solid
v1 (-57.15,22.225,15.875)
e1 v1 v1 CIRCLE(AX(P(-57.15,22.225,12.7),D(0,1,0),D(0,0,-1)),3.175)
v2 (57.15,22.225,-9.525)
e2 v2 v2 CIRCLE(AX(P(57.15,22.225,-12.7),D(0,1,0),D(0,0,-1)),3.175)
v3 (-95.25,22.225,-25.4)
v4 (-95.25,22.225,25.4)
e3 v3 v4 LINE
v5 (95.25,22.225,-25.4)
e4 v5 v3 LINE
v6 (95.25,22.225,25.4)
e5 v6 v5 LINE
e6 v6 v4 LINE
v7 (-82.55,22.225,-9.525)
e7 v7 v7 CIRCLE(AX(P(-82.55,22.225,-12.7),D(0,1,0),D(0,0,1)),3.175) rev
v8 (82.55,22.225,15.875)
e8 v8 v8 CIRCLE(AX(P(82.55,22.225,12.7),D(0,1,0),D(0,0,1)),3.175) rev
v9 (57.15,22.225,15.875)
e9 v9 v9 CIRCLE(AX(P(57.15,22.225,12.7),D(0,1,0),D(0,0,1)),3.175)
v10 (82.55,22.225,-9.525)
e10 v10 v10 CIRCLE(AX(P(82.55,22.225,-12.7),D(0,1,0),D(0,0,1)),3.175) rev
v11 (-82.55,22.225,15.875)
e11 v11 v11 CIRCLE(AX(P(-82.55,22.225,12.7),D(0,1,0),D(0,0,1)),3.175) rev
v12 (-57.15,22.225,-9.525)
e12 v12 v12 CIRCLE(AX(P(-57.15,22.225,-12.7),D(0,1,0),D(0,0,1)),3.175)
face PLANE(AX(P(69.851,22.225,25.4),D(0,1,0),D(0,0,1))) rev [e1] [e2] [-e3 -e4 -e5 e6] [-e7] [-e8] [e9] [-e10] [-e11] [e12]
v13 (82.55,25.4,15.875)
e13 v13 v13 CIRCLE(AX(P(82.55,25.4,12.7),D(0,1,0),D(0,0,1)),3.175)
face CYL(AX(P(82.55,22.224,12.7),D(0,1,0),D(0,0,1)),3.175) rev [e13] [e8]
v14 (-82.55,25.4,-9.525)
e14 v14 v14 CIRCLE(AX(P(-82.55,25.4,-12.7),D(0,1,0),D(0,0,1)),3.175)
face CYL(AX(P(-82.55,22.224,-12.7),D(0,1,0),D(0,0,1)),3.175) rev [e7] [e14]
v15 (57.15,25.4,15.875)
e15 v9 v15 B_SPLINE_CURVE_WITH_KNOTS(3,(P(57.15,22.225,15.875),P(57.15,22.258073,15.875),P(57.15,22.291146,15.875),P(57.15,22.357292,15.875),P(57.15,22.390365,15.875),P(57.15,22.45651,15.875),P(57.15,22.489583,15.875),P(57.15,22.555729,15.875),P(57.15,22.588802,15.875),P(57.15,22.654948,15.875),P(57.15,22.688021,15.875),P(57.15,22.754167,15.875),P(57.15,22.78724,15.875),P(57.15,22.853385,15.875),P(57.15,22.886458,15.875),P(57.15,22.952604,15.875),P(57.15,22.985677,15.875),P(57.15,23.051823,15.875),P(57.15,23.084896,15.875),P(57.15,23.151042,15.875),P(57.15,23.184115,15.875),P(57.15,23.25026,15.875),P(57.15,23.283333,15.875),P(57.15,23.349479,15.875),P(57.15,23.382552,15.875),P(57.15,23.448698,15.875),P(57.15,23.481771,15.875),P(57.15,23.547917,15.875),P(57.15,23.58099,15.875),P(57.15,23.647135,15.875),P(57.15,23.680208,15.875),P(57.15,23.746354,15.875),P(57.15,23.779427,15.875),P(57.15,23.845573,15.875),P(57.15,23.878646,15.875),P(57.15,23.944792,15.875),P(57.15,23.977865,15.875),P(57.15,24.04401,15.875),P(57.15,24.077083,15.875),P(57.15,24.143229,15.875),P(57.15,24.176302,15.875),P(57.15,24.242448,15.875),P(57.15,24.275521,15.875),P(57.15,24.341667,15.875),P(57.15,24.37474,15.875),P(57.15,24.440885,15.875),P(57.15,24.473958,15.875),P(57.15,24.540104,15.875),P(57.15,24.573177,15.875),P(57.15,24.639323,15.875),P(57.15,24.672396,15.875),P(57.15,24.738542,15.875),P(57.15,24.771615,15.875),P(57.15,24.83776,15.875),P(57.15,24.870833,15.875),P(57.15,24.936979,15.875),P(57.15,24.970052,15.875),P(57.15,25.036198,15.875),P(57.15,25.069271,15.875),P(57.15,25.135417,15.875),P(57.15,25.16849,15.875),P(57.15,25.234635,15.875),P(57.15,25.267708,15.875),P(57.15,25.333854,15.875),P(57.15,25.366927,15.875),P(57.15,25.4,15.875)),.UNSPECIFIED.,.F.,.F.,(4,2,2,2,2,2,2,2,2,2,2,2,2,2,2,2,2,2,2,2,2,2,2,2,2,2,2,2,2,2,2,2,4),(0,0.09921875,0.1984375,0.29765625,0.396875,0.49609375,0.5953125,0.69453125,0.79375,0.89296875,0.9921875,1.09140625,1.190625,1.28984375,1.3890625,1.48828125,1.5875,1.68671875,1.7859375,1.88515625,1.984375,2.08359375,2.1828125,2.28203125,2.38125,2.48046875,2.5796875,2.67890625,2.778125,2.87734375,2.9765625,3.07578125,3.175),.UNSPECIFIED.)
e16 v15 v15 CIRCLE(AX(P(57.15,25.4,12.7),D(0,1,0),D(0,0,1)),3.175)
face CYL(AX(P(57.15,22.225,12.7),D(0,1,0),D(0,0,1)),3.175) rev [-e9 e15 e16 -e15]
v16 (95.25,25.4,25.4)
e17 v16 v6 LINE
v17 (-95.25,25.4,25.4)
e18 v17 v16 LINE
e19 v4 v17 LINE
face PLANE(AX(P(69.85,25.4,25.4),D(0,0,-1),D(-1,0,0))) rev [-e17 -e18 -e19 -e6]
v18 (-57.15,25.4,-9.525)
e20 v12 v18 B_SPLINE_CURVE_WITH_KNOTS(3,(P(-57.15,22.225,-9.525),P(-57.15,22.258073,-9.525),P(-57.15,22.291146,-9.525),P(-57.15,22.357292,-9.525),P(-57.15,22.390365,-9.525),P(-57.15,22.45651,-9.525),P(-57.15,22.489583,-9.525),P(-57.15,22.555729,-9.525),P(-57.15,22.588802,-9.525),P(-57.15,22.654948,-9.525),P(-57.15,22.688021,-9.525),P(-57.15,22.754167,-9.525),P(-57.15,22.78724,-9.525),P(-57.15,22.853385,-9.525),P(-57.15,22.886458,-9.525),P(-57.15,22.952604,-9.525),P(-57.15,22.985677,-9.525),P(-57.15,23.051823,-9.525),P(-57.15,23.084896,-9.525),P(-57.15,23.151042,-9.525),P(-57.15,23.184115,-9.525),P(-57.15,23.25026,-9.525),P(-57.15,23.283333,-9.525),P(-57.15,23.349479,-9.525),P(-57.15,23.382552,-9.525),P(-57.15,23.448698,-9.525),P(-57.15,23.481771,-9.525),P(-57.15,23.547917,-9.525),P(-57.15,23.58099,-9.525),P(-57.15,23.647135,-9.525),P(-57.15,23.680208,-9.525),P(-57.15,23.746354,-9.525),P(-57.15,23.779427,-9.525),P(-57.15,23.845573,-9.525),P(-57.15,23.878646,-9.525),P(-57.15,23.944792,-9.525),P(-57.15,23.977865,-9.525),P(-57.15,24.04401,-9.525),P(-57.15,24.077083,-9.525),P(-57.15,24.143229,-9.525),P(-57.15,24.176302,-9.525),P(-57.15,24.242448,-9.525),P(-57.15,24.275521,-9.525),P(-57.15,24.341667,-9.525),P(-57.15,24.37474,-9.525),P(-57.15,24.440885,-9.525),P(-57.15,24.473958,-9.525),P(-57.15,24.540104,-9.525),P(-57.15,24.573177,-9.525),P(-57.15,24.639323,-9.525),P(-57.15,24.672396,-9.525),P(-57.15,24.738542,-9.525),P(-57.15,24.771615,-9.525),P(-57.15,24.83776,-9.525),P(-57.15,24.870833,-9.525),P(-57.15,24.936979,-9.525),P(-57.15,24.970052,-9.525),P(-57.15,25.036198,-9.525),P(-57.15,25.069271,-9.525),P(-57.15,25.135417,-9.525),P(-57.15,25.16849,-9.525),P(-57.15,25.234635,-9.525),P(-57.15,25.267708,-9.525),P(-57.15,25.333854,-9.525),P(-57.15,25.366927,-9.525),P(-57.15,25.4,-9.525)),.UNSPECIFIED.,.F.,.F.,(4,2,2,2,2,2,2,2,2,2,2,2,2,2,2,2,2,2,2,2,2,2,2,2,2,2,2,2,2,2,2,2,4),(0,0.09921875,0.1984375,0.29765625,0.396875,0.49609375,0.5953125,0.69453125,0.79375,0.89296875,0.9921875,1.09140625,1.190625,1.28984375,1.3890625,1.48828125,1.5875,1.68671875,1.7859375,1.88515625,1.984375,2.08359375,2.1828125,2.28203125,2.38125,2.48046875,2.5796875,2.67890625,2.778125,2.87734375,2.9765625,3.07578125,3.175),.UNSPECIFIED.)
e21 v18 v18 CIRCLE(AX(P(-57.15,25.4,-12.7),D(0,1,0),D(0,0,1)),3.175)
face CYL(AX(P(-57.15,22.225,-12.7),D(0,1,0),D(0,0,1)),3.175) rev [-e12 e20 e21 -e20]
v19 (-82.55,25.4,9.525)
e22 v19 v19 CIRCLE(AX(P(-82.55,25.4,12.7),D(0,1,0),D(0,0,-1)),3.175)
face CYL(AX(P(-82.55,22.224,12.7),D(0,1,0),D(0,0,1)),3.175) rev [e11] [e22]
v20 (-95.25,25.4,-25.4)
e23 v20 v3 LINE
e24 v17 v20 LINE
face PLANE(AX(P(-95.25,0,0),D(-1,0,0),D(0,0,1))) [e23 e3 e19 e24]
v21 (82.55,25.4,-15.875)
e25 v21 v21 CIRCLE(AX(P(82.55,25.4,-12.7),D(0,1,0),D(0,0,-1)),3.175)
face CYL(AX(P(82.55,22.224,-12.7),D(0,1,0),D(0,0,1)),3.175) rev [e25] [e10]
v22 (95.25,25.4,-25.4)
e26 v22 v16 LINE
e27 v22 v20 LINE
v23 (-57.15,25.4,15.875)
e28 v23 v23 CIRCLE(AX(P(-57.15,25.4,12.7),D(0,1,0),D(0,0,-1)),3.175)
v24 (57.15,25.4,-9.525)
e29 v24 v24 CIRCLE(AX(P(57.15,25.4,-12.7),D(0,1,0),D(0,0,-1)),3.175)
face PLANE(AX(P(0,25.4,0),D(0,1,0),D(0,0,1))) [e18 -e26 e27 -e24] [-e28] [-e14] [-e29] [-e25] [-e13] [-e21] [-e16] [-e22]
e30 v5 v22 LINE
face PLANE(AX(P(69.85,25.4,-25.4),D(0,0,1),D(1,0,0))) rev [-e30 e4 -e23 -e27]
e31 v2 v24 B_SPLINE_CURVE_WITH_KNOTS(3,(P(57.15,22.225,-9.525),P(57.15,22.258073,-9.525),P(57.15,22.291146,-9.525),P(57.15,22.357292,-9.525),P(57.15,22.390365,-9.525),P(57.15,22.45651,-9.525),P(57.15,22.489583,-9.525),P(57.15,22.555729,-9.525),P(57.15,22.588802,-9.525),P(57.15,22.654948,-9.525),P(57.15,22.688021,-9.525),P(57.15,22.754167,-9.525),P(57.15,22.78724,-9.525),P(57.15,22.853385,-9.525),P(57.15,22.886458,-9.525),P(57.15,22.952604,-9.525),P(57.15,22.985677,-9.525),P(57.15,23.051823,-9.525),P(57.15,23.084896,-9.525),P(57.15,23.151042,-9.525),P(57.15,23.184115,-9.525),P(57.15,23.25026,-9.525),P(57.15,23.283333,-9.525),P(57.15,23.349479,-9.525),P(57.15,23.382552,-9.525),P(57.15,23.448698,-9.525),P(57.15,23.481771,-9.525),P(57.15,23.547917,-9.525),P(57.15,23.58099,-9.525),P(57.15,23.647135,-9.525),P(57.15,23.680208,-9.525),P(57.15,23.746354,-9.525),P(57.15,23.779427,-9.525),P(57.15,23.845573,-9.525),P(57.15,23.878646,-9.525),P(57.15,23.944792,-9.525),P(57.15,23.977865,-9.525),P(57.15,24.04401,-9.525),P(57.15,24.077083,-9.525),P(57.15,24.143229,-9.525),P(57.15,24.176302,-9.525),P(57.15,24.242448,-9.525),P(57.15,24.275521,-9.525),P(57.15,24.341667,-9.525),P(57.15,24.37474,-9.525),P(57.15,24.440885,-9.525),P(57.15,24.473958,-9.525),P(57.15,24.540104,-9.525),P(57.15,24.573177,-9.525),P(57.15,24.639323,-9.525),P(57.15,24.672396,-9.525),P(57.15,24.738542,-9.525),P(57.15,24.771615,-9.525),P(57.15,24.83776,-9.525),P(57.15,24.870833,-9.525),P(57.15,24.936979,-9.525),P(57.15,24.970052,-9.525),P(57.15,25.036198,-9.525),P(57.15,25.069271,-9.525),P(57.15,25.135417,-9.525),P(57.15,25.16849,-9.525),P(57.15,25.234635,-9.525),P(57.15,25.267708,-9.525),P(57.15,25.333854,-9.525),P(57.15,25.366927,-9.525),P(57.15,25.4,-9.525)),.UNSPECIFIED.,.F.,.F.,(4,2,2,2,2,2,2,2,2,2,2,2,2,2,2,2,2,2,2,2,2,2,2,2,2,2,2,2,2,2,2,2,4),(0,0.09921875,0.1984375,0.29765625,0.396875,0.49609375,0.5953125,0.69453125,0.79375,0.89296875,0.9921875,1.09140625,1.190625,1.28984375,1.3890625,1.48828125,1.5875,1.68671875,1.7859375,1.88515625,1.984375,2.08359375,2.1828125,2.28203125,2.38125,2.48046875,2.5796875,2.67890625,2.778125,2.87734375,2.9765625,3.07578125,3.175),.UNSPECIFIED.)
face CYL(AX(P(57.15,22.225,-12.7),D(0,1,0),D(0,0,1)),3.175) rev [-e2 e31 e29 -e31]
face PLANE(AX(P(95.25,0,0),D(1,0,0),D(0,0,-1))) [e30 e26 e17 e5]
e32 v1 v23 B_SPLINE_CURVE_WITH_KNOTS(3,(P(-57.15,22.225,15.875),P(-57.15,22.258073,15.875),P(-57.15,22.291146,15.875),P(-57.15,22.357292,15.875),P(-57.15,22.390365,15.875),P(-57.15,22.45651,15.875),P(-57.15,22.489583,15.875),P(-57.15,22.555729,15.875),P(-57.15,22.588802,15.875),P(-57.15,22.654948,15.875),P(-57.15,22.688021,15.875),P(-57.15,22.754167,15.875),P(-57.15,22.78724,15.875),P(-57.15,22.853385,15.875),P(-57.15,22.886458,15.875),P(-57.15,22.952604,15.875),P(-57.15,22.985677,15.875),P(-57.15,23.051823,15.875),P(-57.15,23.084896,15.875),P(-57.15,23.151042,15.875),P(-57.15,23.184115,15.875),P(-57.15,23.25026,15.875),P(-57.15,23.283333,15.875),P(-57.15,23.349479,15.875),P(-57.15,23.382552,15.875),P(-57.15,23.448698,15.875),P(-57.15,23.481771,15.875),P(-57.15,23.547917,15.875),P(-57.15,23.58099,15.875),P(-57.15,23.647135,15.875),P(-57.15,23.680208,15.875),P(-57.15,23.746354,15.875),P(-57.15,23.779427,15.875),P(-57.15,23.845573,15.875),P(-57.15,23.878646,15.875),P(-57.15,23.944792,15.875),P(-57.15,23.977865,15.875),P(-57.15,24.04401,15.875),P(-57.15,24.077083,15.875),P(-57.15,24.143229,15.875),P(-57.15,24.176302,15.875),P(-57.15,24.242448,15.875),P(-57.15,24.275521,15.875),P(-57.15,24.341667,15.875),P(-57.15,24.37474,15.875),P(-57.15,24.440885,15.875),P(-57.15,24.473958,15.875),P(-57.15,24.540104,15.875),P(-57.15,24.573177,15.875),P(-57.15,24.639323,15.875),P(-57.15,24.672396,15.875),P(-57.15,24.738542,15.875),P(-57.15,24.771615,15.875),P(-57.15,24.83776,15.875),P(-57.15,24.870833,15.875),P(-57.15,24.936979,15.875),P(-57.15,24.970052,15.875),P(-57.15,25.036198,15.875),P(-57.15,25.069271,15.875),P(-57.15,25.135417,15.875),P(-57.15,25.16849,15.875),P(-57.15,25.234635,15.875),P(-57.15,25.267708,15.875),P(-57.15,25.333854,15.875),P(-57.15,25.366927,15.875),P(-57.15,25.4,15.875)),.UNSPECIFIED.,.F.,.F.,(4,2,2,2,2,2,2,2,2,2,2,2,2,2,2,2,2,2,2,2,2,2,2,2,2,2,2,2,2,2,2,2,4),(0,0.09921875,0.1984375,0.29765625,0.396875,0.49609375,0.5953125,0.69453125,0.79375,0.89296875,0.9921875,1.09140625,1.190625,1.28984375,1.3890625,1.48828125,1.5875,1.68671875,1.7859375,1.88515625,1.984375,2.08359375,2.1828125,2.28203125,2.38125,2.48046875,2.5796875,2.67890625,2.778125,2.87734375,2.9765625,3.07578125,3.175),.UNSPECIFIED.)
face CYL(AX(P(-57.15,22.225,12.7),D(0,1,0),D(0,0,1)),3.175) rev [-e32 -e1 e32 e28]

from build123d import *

# Parameters (mm, degrees)
SKETCH1_W           = 139.7
SKETCH1_H           = 50.8
BOSS_EXTRUDE1_DEPTH = 25.4
CUT_EXTRUDE1_REACH  = 146.244
SKETCH2_W           = 50.8
SKETCH2_H           = 22.225
SKETCH3_R           = 3.175
CUT_EXTRUDE2_DEPTH  = 75.392628163
SKETCH5_W           = 50.8
SKETCH5_H           = 3.175
BOSS_EXTRUDE2_DEPTH = 25.4
SKETCH7_W           = 50.8
SKETCH7_H           = 3.175
BOSS_EXTRUDE3_DEPTH = 25.4
CUT_EXTRUDE3_REACH  = 100.63
SKETCH8_R           = 3.175


with BuildPart() as part:
    # Sketch1 → Boss-Extrude1 (new body)
    with BuildSketch(Plane(origin=(0, 0, 0), x_dir=(1, 0, 0), z_dir=(0, 1, 0))):
        Rectangle(SKETCH1_W, SKETCH1_H)
    extrude(amount=BOSS_EXTRUDE1_DEPTH)

    # Sketch2 → Cut-Extrude1 (cut, up to next)
    with BuildSketch(Plane.ZY.offset(69.85), mode=Mode.PRIVATE) as cut_extrude1_sk1:
        with Locations((0, 11.1125)):
            Rectangle(SKETCH2_W, SKETCH2_H)
    cut_extrude1_tool1 = extrude(cut_extrude1_sk1.sketch, amount=-CUT_EXTRUDE1_REACH, mode=Mode.PRIVATE) & part.part
    add(cut_extrude1_tool1.solids().sort_by_distance((-69.85, 11.1125, 0))[0], mode=Mode.SUBTRACT)

    # Sketch3 → Cut-Extrude2 (cut, through all)
    with BuildSketch(Plane(origin=(0, 25.4, 0), x_dir=(1, 0, 0), z_dir=(0, 1, 0))):
        with Locations(Location((-57.15, 12.7, 0), (0, 0, 270))):
            Circle(SKETCH3_R)
        with Locations(Location((-57.15, -12.7, 0), (0, 0, 270))):
            Circle(SKETCH3_R)
        with Locations(Location((57.15, -12.7, 0), (0, 0, 270))):
            Circle(SKETCH3_R)
        with Locations(Location((57.15, 12.7, 0), (0, 0, 270))):
            Circle(SKETCH3_R)
    extrude(amount=-CUT_EXTRUDE2_DEPTH, mode=Mode.SUBTRACT)

    # Sketch5 → Boss-Extrude2 (add)
    with BuildSketch(Plane.ZY.offset(69.85)):
        with Locations((0, 23.8125)):
            Rectangle(SKETCH5_W, SKETCH5_H)
    extrude(amount=BOSS_EXTRUDE2_DEPTH)

    # Sketch7 → Boss-Extrude3 (add)
    with BuildSketch(Plane(origin=(69.85, 0, 0), x_dir=(0, 0, -1), z_dir=(1, 0, 0))):
        with Locations((0, 23.8125)):
            Rectangle(SKETCH7_W, SKETCH7_H)
    extrude(amount=BOSS_EXTRUDE3_DEPTH)

    # Sketch8 → Cut-Extrude3 (cut, up to next)
    with BuildSketch(Plane(origin=(0, 25.4, 0), x_dir=(1, 0, 0), z_dir=(0, 1, 0)), mode=Mode.PRIVATE) as cut_extrude3_sk1:
        with Locations(Location((-82.55, 12.7, 0), (0, 0, 270))):
            Circle(SKETCH8_R)
    cut_extrude3_tool1 = extrude(cut_extrude3_sk1.sketch, amount=-CUT_EXTRUDE3_REACH, mode=Mode.PRIVATE) & part.part
    # Sketch8 → Cut-Extrude3 (cut, up to next)
    with BuildSketch(Plane(origin=(0, 25.4, 0), x_dir=(1, 0, 0), z_dir=(0, 1, 0)), mode=Mode.PRIVATE) as cut_extrude3_sk2:
        with Locations(Location((-82.55, -12.7, 0), (0, 0, 270))):
            Circle(SKETCH8_R)
    cut_extrude3_tool2 = extrude(cut_extrude3_sk2.sketch, amount=-CUT_EXTRUDE3_REACH, mode=Mode.PRIVATE) & part.part
    # Sketch8 → Cut-Extrude3 (cut, up to next)
    with BuildSketch(Plane(origin=(0, 25.4, 0), x_dir=(1, 0, 0), z_dir=(0, 1, 0)), mode=Mode.PRIVATE) as cut_extrude3_sk3:
        with Locations(Location((82.55, -12.7, 0), (0, 0, 270))):
            Circle(SKETCH8_R)
    cut_extrude3_tool3 = extrude(cut_extrude3_sk3.sketch, amount=-CUT_EXTRUDE3_REACH, mode=Mode.PRIVATE) & part.part
    # Sketch8 → Cut-Extrude3 (cut, up to next)
    with BuildSketch(Plane(origin=(0, 25.4, 0), x_dir=(1, 0, 0), z_dir=(0, 1, 0)), mode=Mode.PRIVATE) as cut_extrude3_sk4:
        with Locations(Location((82.55, 12.7, 0), (0, 0, 270))):
            Circle(SKETCH8_R)
    cut_extrude3_tool4 = extrude(cut_extrude3_sk4.sketch, amount=-CUT_EXTRUDE3_REACH, mode=Mode.PRIVATE) & part.part
    add(cut_extrude3_tool1.solids().sort_by_distance((-82.55, 25.4, -12.7))[0], mode=Mode.SUBTRACT)
    add(cut_extrude3_tool2.solids().sort_by_distance((-82.55, 25.4, 12.7))[0], mode=Mode.SUBTRACT)
    add(cut_extrude3_tool3.solids().sort_by_distance((82.55, 25.4, 12.7))[0], mode=Mode.SUBTRACT)
    add(cut_extrude3_tool4.solids().sort_by_distance((82.55, 25.4, -12.7))[0], mode=Mode.SUBTRACT)


solid = part.part
